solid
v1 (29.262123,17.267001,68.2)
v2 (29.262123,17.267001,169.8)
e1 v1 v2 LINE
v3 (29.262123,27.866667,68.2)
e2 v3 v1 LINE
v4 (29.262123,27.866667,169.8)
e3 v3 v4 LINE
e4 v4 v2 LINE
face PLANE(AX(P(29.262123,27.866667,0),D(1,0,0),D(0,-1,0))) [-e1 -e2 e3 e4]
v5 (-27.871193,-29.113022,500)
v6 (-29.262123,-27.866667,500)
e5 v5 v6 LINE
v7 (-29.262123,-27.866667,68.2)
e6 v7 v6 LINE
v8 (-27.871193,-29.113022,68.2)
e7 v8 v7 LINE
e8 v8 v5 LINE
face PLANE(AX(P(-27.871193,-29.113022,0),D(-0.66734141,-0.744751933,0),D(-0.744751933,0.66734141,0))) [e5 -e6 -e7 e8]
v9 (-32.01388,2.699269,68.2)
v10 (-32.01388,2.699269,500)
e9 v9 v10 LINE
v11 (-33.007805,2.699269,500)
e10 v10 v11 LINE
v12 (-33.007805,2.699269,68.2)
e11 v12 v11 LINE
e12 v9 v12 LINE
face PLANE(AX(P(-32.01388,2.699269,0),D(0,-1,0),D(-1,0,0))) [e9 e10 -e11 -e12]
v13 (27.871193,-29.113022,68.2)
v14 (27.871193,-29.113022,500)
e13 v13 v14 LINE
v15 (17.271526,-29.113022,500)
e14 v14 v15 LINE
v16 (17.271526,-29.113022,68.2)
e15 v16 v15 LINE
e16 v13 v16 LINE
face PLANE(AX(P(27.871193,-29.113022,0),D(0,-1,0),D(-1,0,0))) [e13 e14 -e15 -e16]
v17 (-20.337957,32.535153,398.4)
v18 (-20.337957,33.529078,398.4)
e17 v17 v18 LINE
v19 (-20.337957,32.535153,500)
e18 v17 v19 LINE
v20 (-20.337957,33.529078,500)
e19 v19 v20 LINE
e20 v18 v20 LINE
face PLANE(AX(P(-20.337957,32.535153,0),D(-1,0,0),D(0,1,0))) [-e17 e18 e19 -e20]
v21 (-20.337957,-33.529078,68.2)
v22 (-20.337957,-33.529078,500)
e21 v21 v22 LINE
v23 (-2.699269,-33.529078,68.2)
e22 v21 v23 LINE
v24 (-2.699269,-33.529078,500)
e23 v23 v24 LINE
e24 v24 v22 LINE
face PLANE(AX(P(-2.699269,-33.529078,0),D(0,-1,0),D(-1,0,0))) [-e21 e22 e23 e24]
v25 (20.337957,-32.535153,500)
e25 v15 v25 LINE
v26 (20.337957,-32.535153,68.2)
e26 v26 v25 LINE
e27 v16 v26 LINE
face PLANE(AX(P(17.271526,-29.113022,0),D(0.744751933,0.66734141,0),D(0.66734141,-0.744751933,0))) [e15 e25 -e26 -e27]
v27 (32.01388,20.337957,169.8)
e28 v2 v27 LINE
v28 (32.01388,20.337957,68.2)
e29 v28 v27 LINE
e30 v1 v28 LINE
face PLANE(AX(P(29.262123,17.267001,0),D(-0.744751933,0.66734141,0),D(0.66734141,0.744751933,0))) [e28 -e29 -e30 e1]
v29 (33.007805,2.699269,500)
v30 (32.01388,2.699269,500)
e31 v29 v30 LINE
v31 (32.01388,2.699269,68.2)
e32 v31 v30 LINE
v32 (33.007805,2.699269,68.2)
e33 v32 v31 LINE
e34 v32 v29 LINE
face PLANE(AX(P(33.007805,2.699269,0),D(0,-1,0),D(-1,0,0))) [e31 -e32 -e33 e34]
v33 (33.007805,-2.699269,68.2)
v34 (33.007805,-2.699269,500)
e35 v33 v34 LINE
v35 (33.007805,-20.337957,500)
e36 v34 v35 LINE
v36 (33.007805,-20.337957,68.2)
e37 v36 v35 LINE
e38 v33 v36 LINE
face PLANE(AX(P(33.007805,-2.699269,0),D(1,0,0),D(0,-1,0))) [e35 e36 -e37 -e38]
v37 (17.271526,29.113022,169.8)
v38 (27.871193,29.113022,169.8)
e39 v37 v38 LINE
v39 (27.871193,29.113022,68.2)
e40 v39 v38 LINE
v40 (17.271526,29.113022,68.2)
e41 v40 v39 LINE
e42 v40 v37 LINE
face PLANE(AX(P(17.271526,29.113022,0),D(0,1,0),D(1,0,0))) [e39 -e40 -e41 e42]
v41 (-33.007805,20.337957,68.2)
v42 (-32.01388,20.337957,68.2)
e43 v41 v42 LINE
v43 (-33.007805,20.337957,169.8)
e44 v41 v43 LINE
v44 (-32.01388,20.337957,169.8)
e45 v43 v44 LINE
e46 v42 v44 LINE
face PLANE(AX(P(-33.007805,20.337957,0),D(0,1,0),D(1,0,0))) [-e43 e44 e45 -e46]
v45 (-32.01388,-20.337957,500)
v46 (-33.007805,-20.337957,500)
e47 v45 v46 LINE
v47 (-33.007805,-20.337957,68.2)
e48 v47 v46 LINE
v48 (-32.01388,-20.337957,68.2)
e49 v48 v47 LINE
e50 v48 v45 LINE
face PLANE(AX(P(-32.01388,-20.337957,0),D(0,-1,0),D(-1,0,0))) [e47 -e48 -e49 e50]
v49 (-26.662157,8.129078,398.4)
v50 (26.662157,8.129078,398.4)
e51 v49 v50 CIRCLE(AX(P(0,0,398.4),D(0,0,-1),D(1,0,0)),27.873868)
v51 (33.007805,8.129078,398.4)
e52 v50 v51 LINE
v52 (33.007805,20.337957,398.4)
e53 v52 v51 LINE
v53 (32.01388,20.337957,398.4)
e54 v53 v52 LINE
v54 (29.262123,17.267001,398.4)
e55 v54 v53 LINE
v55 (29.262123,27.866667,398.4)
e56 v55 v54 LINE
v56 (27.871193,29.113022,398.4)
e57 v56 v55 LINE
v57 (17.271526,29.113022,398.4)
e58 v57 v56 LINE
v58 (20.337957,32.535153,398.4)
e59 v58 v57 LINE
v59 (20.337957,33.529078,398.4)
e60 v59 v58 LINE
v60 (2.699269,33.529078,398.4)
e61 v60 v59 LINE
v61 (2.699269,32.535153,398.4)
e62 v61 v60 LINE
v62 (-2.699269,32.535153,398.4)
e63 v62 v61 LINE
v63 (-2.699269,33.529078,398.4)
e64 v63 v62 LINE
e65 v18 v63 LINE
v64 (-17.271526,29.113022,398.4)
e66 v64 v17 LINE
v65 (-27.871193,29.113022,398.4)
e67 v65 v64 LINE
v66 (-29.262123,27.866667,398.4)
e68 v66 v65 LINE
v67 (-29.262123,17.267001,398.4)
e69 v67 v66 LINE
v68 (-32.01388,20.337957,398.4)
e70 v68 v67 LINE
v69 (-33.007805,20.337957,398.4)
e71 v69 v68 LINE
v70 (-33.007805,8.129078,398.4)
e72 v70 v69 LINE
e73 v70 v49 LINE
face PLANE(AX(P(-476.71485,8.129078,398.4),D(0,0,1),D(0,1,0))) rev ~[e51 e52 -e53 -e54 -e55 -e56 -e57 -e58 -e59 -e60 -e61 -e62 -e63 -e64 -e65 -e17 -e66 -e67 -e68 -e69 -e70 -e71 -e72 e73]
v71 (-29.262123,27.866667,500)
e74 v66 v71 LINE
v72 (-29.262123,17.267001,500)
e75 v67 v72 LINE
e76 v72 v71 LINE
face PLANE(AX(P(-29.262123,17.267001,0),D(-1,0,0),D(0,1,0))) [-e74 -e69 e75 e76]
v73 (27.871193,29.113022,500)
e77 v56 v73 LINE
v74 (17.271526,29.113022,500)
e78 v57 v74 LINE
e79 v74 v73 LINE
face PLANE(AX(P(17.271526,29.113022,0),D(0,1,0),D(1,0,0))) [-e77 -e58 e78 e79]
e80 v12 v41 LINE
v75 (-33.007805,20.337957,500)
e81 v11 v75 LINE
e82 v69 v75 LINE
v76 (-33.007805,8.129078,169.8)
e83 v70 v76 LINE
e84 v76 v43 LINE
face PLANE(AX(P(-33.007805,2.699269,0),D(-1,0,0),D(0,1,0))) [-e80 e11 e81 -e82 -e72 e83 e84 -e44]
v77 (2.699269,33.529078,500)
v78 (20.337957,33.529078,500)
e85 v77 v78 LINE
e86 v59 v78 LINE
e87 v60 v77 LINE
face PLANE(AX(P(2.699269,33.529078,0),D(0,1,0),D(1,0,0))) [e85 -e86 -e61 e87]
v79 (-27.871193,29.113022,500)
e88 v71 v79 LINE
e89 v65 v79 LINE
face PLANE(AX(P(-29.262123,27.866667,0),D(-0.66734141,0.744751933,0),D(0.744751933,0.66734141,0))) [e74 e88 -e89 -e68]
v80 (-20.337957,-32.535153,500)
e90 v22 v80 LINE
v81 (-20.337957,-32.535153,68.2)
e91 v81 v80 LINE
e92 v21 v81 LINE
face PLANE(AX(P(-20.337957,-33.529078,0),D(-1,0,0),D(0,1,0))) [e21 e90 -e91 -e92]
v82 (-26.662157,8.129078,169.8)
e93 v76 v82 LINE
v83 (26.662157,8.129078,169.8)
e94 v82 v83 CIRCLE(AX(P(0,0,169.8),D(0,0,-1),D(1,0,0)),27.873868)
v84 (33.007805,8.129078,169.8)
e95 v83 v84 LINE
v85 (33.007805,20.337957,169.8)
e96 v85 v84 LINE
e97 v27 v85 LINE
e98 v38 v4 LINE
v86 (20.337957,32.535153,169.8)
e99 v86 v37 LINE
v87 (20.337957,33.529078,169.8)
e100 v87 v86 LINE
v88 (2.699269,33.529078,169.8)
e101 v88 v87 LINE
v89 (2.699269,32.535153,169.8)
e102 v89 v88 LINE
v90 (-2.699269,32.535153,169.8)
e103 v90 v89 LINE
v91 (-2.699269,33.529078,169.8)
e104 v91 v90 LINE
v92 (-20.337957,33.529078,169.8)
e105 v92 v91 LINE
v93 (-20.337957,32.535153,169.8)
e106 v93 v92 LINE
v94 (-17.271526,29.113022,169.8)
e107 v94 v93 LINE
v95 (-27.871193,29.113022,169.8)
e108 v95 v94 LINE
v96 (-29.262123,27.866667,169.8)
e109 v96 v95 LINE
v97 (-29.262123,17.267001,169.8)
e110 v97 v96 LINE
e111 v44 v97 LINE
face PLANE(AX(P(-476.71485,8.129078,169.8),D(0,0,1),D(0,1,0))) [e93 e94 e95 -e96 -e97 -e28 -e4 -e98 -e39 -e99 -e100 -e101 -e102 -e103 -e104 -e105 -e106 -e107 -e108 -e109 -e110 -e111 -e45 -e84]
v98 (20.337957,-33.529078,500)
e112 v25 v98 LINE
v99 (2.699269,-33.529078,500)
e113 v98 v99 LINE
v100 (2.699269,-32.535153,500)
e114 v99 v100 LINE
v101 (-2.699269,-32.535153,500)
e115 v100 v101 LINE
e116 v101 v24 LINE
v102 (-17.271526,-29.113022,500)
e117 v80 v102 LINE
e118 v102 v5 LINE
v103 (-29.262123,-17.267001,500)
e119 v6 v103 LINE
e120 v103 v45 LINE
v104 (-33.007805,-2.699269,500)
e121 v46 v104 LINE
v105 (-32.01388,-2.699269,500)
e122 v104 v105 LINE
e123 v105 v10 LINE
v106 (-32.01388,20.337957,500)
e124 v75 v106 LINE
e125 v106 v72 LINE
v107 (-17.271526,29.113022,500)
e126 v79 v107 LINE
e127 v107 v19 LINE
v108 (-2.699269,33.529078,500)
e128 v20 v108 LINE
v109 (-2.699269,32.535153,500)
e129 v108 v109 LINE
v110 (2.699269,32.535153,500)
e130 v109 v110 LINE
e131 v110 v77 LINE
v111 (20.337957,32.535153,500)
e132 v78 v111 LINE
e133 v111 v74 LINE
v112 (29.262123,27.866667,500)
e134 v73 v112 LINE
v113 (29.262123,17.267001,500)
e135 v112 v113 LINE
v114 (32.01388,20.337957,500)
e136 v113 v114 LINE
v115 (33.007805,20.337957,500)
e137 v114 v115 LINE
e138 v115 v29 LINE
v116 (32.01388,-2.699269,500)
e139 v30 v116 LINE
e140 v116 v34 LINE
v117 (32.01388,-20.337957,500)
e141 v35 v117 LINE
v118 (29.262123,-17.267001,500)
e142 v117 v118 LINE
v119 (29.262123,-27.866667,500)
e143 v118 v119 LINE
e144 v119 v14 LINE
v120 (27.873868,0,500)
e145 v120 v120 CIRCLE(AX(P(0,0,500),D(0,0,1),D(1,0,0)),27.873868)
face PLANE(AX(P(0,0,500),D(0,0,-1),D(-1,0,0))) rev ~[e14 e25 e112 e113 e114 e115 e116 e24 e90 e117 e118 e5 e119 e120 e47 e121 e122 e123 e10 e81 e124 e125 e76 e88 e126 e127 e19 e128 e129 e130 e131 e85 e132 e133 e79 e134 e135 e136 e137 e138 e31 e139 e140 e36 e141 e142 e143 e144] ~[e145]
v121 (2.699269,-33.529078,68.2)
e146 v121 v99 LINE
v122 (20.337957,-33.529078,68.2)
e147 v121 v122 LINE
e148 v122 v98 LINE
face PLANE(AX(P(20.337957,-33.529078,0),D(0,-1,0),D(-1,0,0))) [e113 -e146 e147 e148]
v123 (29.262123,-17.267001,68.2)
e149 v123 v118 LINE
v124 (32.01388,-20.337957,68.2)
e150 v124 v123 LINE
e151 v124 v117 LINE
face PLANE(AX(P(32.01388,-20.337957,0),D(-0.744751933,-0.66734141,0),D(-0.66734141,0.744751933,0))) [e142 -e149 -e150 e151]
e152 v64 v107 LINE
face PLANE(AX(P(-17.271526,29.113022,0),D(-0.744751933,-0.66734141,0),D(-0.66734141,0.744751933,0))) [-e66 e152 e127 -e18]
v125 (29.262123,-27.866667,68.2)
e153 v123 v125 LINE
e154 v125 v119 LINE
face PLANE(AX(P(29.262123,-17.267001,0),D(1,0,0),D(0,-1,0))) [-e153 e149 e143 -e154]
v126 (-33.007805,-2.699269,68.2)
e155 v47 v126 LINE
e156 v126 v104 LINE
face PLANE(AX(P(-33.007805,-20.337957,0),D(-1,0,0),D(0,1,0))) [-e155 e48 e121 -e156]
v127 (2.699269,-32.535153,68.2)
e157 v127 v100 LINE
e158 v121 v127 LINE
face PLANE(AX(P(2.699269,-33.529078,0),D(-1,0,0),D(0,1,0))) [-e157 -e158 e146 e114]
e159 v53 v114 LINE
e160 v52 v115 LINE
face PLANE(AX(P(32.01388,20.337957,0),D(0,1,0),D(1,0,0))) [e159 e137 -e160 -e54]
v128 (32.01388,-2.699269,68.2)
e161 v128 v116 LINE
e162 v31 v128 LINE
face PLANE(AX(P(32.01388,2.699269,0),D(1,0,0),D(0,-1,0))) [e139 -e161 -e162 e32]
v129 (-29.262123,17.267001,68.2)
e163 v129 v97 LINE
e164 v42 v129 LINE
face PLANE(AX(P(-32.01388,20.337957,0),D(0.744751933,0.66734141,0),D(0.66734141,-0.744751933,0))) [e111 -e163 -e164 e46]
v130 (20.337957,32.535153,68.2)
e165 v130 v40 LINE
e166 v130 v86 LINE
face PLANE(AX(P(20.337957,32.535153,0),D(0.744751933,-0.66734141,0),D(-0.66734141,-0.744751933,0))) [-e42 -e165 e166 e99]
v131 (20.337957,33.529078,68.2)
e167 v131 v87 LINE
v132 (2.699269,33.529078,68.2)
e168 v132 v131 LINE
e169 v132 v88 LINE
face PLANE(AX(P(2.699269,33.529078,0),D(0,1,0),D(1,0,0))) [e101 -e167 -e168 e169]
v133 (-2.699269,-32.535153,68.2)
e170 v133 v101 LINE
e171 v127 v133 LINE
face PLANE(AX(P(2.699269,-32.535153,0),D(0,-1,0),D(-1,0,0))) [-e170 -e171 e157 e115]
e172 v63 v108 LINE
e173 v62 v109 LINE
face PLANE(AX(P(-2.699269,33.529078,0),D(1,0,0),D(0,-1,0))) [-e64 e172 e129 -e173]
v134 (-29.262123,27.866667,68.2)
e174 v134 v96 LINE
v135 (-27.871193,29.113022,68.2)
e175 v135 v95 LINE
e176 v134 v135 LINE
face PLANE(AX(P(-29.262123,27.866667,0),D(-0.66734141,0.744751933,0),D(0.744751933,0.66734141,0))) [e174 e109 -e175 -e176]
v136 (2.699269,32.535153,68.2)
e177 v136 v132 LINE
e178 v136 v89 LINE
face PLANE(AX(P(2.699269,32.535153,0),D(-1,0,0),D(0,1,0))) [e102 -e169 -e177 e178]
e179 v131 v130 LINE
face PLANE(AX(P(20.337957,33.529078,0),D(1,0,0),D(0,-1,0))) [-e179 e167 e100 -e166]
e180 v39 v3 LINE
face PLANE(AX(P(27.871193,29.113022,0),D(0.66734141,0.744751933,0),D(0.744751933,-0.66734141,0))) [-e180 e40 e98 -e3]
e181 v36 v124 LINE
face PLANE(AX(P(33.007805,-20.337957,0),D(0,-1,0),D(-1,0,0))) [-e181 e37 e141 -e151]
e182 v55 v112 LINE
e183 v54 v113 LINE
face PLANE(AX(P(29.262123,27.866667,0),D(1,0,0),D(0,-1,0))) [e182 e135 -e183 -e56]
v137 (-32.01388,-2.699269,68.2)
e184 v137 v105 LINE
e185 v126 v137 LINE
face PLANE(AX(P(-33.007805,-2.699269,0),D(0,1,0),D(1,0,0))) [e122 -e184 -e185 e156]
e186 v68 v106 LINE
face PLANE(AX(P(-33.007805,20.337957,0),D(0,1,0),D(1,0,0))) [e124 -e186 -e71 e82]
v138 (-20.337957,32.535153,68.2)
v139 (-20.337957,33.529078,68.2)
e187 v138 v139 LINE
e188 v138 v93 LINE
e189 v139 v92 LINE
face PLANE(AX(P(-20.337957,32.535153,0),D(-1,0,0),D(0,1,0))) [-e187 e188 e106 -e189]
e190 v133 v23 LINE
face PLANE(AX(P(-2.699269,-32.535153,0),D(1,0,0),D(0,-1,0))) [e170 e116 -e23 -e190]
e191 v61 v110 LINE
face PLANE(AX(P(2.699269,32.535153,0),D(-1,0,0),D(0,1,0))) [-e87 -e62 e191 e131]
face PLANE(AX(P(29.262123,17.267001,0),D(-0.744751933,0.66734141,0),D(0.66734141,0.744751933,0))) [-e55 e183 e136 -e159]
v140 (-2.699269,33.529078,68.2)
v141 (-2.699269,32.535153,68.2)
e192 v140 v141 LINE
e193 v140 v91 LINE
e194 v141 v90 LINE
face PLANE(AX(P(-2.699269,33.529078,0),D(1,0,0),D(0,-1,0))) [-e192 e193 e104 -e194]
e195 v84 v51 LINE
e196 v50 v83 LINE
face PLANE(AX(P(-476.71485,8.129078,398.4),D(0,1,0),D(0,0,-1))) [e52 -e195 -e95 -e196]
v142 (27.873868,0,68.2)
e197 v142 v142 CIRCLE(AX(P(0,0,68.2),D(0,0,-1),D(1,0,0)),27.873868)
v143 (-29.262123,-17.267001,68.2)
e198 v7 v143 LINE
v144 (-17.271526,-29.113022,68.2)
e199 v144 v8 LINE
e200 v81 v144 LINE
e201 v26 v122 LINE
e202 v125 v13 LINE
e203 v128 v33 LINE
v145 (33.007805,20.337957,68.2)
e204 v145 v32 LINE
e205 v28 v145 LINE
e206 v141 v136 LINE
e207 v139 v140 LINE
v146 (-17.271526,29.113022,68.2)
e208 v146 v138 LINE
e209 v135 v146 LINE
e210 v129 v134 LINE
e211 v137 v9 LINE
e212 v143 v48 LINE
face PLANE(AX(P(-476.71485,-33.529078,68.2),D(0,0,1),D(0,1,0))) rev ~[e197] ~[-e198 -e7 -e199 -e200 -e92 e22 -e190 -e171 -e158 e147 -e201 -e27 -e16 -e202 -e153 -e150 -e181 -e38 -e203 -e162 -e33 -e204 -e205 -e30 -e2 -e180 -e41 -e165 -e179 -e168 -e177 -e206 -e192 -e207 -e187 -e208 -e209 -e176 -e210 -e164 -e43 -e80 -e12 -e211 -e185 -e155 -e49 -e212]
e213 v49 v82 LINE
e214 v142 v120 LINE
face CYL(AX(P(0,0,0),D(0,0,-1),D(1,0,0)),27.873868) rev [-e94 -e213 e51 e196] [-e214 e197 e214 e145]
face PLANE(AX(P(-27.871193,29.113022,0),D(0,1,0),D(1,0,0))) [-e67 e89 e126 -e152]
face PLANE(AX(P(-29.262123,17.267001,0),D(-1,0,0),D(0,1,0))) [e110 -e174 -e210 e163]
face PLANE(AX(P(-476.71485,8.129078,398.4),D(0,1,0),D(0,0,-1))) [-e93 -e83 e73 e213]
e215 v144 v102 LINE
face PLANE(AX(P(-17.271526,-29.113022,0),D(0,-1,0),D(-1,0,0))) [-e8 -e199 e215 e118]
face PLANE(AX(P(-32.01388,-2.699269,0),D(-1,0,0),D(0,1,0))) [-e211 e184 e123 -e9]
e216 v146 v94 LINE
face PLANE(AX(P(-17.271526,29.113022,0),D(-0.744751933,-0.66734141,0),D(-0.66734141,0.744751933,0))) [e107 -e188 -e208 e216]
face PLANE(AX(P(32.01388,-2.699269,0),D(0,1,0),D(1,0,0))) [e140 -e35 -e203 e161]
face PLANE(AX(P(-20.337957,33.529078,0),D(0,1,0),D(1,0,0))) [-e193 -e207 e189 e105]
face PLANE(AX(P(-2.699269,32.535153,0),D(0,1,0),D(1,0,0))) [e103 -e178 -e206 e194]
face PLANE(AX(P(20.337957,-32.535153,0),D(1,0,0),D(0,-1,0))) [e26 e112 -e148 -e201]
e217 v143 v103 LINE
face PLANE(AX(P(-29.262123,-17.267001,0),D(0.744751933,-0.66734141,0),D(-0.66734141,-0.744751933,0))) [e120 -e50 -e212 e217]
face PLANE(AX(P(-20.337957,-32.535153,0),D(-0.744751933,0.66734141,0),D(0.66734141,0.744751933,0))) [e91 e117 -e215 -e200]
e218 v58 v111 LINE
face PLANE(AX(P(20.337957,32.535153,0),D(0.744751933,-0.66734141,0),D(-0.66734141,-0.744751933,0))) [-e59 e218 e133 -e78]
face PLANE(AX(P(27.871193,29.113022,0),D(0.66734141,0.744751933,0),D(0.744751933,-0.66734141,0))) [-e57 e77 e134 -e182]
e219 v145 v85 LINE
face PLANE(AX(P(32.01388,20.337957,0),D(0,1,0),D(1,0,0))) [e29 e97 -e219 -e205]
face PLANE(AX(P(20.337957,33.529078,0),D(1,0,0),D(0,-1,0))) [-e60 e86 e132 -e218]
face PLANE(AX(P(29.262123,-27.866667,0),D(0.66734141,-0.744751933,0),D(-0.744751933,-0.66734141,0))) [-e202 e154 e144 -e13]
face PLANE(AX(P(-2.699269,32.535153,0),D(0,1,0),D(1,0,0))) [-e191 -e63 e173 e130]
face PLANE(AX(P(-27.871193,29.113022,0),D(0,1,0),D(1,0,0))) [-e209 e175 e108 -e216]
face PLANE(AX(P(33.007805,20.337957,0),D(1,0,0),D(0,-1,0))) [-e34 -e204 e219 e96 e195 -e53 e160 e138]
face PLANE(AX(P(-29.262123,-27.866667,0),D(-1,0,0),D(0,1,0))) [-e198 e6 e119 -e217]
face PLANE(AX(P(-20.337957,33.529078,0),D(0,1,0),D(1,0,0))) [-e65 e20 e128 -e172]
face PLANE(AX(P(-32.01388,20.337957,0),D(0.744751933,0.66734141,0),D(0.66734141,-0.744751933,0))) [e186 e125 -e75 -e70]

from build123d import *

# Parameters (mm, degrees)
SKETCH2_R               = 27.873868368
BOSS_EXTRUDE1_DEPTH     = 500
CUT_EXTRUDE1_DEPTH      = 505.976972678
CUT_EXTRUDE1_DEPTH_BACK = 505.976972678
SKETCH3_W               = 228.6
SKETCH3_H               = 25.4
SKETCH3_W_2             = 68.2
SKETCH3_H_2             = 67.058155704


with BuildPart() as part:
    # Sketch2 → Boss-Extrude1 (new body)
    with BuildSketch(Plane.XY):
        Polygon((-20.337957043, 33.529077852), (-2.699269284, 33.529077852), (-2.699269284, 32.535153464), (2.699269284, 32.535153464), (2.699269284, 33.529077852), (20.337957043, 33.529077852), (20.337957043, 32.535153464), (17.271526495, 29.113021938), (27.871192843, 29.113021938), (29.262123018, 27.866666927), (29.262123018, 17.267000578), (32.013880115, 20.337957043), (33.007804503, 20.337957043), (33.007804503, 2.699269284), (32.013880115, 2.699269284), (32.013880115, -2.699269284), (33.007804503, -2.699269284), (33.007804503, -20.337957043), (32.013880115, -20.337957043), (29.262123018, -17.267000578), (29.262123018, -27.866666927), (27.871192843, -29.113021938), (17.271526495, -29.113021938), (20.337957043, -32.535153464), (20.337957043, -33.529077852), (2.699269284, -33.529077852), (2.699269284, -32.535153464), (-2.699269284, -32.535153464), (-2.699269284, -33.529077852), (-20.337957043, -33.529077852), (-20.337957043, -32.535153464), (-17.271526495, -29.113021938), (-27.871192843, -29.113021938), (-29.262123018, -27.866666927), (-29.262123018, -17.267000578), (-32.013880115, -20.337957043), (-33.007804503, -20.337957043), (-33.007804503, -2.699269284), (-32.013880115, -2.699269284), (-32.013880115, 2.699269284), (-33.007804503, 2.699269284), (-33.007804503, 20.337957043), (-32.013880115, 20.337957043), (-29.262123018, 17.267000578), (-29.262123018, 27.866666927), (-27.871192843, 29.113021938), (-17.271526495, 29.113021938), (-20.337957043, 32.535153464), align=None)
        Circle(SKETCH2_R, mode=Mode.SUBTRACT)
    extrude(amount=BOSS_EXTRUDE1_DEPTH)

    # Sketch3 → Cut-Extrude1 (cut, two sides: drawn at the far end of the back side and taken through both)
    with BuildSketch(Plane(origin=(29.262123018, 0, 0), x_dir=(0, 0, -1), z_dir=(1, 0, 0)).offset(-CUT_EXTRUDE1_DEPTH_BACK)):
        with Locations((-284.1, 20.829077852)):
            Rectangle(SKETCH3_W, SKETCH3_H)
        with Locations((-34.1, 0)):
            Rectangle(SKETCH3_W_2, SKETCH3_H_2)
    extrude(amount=CUT_EXTRUDE1_DEPTH + CUT_EXTRUDE1_DEPTH_BACK, mode=Mode.SUBTRACT)


solid = part.part
